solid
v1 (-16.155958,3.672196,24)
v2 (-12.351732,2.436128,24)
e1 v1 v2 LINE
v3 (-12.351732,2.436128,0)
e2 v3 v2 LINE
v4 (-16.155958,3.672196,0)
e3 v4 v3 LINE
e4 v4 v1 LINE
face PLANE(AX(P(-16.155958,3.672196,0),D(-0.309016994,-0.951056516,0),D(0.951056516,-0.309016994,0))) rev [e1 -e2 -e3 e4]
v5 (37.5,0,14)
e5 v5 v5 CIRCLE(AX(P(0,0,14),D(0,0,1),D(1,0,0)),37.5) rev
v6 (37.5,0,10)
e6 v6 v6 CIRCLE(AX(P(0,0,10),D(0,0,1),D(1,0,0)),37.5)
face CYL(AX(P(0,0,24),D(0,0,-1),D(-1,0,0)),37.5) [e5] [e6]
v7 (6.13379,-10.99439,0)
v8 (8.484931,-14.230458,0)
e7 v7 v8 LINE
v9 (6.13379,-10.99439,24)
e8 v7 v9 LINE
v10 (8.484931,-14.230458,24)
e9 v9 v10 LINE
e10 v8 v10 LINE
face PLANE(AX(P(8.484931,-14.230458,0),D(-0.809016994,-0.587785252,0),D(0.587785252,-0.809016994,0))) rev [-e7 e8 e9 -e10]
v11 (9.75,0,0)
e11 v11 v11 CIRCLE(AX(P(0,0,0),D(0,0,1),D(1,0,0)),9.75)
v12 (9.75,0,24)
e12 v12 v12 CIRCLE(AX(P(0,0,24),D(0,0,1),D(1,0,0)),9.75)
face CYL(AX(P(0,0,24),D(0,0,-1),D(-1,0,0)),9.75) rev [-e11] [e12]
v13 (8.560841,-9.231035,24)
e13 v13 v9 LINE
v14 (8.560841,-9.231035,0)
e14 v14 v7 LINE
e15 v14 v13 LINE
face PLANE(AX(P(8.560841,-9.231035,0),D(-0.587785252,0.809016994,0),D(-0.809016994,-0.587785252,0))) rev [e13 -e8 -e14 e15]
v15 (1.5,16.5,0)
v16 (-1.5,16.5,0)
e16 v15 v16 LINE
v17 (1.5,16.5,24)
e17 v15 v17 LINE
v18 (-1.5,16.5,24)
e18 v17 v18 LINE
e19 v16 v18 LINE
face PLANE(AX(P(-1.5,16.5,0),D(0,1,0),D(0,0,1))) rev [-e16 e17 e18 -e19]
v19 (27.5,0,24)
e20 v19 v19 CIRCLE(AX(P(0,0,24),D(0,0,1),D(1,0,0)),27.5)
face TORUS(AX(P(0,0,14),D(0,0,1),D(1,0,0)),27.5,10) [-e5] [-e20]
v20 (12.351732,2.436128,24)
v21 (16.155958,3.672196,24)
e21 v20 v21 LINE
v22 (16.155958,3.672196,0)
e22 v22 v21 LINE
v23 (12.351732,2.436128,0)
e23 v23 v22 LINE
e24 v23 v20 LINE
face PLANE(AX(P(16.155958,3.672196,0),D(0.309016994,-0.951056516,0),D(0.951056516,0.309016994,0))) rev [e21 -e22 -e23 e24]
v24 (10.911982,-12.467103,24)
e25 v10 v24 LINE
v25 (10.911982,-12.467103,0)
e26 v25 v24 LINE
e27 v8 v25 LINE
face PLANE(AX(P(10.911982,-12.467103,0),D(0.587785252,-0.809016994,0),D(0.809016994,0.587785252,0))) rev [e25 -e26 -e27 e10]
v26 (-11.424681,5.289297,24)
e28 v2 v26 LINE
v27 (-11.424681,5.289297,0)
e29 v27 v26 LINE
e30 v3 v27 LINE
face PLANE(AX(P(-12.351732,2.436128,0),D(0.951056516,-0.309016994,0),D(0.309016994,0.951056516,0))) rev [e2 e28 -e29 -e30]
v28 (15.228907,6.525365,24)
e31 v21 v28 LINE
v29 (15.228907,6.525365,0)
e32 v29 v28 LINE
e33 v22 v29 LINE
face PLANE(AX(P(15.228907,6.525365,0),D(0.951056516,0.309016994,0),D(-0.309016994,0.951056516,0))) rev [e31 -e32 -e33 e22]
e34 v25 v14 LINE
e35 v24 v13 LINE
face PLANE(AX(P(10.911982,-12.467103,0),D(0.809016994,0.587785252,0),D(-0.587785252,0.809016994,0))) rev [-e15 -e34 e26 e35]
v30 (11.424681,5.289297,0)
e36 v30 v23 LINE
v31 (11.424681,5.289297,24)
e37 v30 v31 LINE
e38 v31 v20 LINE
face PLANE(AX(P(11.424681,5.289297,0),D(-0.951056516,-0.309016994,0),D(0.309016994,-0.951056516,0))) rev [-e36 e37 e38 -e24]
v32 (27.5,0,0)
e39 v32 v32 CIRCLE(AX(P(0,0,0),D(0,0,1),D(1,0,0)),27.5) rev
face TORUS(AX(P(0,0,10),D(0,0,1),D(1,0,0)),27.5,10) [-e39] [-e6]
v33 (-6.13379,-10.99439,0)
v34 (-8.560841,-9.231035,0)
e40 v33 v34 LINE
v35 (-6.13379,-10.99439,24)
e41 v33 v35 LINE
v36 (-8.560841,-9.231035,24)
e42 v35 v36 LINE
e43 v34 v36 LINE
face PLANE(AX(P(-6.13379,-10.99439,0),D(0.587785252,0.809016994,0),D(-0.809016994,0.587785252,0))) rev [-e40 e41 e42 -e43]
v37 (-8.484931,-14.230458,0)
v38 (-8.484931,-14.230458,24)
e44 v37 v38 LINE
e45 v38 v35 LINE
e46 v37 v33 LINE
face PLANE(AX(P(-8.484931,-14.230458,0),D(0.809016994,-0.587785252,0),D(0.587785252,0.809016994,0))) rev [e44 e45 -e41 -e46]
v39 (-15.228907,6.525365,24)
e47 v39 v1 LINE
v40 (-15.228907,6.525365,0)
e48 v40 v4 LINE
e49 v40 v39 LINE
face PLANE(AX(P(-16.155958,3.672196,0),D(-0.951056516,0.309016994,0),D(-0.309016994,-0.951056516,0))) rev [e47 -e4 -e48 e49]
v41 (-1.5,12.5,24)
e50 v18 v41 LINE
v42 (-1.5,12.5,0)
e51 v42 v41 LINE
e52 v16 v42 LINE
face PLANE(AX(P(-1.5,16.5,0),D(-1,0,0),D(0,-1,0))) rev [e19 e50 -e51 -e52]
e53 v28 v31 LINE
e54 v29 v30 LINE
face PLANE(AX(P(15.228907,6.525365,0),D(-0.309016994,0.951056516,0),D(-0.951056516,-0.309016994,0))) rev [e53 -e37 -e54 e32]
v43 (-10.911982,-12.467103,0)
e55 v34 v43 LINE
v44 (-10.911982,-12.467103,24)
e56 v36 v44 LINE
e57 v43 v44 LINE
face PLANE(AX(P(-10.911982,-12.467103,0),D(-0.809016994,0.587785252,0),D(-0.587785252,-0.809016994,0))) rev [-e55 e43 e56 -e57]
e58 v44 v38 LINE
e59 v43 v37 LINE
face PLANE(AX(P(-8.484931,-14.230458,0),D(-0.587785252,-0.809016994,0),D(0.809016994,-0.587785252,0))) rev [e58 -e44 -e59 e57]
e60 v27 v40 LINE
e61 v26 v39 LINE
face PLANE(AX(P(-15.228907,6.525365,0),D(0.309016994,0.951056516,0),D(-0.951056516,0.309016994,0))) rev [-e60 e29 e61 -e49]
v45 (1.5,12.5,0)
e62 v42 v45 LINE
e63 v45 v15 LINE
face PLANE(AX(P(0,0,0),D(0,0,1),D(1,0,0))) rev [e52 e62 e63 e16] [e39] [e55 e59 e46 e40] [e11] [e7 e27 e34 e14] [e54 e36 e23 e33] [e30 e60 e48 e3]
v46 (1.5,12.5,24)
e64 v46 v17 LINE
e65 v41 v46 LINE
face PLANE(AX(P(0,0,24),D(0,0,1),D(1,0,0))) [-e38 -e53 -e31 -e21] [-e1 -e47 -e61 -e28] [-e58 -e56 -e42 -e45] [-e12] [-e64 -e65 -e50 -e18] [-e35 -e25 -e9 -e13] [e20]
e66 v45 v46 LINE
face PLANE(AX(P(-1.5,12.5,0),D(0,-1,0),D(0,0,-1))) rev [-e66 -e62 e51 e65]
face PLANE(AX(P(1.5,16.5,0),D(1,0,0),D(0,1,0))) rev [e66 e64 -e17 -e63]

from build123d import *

# Parameters (mm, degrees)
ESQUISSE1_R             = 37.5
ESQUISSE1_R_2           = 9.75
BOSS_EXTRU_1_DEPTH      = 24
CONG_1_R                = 10
ESQUISSE3_W             = 3
ESQUISSE3_H             = 4
ENL_V_MAT_EXTRU_1_DEPTH = 59.210823736


with BuildPart() as part:
    # Esquisse1 → Boss.-Extru.1 (new body)
    with BuildSketch(Plane.XY):
        Circle(ESQUISSE1_R)
        Circle(ESQUISSE1_R_2, mode=Mode.SUBTRACT)
    extrude(amount=BOSS_EXTRU_1_DEPTH)

    # Congé1
    cong_1_edges = [part.edges().sort_by_distance(p)[0] for p in [
        (-37.5, 0, 0),
        (-37.5, 0, 24),
    ]]
    fillet(cong_1_edges, radius=CONG_1_R)

    # Esquisse3 → Enlèv. mat.-Extru.1 (cut, through all)
    with BuildSketch(Plane.XY.offset(24)):
        Polygon((15.228907027, 6.525365182), (16.15595801, 3.672195633), (12.351731945, 2.436127655), (11.424680962, 5.289297204), align=None)
        with Locations((0, 14.5)):
            Rectangle(ESQUISSE3_W, ESQUISSE3_H)
        Polygon((10.911982154, -12.467102529), (8.484931171, -14.230458286), (6.133790162, -10.994390308), (8.560841145, -9.231034551), align=None)
        Polygon((-8.484931171, -14.230458286), (-10.911982154, -12.467102529), (-8.560841145, -9.231034551), (-6.133790162, -10.994390308), align=None)
        Polygon((-16.15595801, 3.672195633), (-15.228907027, 6.525365182), (-11.424680962, 5.289297204), (-12.351731945, 2.436127655), align=None)
    extrude(amount=-ENL_V_MAT_EXTRU_1_DEPTH, mode=Mode.SUBTRACT)


solid = part.part
